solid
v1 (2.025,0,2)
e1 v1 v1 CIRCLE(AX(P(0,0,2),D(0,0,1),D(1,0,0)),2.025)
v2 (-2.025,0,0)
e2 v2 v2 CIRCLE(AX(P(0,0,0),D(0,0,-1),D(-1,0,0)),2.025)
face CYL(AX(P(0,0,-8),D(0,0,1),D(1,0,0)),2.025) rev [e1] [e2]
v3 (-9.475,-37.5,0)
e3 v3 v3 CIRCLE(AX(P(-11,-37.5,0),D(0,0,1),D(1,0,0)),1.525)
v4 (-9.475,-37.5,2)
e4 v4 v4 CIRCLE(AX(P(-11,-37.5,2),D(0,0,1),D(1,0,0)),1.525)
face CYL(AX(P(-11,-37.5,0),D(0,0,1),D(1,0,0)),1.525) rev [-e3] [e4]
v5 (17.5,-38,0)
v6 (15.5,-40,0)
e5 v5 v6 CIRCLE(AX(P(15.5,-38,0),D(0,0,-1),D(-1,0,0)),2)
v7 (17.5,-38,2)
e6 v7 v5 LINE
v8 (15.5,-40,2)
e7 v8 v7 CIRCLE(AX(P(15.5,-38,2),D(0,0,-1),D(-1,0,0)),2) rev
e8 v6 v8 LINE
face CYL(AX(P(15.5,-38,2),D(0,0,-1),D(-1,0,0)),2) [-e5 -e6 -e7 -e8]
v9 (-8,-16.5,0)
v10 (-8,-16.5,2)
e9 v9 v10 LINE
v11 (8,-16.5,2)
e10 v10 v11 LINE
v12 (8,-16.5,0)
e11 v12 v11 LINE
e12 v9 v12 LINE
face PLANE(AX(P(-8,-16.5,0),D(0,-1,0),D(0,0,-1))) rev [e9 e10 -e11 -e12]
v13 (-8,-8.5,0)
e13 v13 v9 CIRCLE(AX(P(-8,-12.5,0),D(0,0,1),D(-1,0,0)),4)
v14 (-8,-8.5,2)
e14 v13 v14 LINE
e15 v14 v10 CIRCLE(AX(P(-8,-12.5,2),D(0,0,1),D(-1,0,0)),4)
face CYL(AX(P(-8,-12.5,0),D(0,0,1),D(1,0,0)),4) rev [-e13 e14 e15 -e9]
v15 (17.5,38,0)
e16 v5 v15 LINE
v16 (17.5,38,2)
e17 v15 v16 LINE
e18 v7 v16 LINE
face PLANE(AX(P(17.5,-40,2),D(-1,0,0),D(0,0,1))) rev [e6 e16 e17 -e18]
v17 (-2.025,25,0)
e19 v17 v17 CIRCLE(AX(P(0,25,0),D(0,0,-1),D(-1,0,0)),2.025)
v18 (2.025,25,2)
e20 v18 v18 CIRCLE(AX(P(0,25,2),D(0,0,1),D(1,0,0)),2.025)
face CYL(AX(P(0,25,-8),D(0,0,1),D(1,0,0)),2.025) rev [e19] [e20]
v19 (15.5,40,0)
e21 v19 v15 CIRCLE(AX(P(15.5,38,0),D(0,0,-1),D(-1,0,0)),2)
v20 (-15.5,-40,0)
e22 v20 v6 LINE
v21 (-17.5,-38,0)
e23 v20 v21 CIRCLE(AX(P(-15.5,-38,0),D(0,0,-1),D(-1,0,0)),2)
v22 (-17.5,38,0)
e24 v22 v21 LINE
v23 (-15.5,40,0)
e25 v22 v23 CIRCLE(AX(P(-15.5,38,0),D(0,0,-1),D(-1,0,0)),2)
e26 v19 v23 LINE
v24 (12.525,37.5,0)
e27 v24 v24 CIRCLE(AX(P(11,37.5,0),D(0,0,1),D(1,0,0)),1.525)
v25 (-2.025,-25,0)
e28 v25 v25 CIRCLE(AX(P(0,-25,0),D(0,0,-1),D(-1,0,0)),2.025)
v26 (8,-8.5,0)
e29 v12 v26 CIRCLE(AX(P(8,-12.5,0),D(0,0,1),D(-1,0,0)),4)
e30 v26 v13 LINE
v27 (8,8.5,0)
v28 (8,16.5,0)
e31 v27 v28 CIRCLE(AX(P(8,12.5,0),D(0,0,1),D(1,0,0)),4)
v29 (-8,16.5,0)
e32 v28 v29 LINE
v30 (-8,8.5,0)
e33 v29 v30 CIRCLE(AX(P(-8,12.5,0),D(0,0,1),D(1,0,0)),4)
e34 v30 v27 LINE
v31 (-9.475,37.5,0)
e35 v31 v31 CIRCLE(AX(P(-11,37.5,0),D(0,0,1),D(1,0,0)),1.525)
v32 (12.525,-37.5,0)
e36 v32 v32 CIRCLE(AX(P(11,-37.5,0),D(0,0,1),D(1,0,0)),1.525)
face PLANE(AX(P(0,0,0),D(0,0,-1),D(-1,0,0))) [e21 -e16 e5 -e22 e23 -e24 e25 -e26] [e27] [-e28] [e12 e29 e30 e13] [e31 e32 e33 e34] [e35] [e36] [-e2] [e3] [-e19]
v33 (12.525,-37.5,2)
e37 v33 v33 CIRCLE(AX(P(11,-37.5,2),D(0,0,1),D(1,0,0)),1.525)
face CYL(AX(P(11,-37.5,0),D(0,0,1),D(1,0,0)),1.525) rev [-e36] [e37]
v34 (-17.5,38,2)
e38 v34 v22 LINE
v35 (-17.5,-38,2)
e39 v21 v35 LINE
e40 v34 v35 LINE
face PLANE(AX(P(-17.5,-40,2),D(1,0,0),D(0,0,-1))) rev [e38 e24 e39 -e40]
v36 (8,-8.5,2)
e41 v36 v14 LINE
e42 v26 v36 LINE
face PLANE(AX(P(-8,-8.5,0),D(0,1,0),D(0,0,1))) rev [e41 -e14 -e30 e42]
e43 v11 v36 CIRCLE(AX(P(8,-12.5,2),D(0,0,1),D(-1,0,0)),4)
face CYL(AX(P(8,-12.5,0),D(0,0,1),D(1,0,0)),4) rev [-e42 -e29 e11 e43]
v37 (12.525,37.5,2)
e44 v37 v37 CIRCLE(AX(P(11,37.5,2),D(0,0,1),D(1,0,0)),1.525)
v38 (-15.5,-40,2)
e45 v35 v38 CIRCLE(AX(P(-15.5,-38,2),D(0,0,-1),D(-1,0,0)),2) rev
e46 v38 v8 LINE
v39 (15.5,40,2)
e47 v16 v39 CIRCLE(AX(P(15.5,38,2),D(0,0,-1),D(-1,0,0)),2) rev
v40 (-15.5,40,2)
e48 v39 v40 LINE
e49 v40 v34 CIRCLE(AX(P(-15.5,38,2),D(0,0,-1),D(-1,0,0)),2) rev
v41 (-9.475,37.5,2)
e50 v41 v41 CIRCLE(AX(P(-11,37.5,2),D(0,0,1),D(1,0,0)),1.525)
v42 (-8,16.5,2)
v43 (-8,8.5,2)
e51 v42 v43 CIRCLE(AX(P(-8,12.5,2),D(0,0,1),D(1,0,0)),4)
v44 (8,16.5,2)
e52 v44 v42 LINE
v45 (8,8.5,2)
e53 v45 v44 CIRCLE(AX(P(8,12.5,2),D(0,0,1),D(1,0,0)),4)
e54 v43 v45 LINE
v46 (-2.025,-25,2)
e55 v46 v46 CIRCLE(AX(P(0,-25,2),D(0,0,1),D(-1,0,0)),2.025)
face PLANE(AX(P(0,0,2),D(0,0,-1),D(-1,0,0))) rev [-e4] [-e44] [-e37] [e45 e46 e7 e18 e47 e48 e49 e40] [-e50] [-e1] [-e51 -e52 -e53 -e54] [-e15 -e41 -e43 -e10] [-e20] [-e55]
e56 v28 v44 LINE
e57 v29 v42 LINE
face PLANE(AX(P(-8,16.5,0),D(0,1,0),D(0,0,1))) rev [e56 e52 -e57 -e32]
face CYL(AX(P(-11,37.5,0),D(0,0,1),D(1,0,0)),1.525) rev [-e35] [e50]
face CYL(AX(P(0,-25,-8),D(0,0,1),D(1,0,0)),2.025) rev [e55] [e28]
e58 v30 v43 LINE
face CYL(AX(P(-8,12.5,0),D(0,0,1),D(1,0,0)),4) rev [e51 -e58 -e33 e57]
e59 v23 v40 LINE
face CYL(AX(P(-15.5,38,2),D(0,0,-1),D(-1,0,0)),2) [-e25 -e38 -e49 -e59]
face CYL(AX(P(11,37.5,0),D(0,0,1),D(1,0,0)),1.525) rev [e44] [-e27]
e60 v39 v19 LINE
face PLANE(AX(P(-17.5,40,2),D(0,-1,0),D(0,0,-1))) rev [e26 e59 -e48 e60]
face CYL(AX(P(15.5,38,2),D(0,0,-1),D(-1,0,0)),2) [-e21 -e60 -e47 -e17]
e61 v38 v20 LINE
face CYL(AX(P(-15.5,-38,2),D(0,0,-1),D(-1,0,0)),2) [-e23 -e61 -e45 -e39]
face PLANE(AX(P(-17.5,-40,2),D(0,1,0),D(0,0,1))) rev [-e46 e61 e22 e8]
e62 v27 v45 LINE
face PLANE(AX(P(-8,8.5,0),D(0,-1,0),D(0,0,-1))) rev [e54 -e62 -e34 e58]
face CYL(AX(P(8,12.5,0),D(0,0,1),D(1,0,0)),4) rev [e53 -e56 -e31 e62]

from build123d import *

# Parameters (mm, degrees)
SKETCH_1_W               = 35
SKETCH_1_H               = 80
EXTRUDE_1_DEPTH          = 2
SKETCH_2_R               = 1.525
CUT_EXTRUDE_1_DEPTH      = 2
FILLET_1_R               = 2
SKETCH_3_R               = 2.025
CUT_EXTRUDE_2_DEPTH      = 10
CUT_EXTRUDE_3_DEPTH      = 1
CUT_EXTRUDE_3_DEPTH_BACK = 3


with BuildPart() as part:
    # 草图1 → 凸台-拉伸1 (new body)
    with BuildSketch(Plane.XY):
        Rectangle(SKETCH_1_W, SKETCH_1_H)
    extrude(amount=EXTRUDE_1_DEPTH)

    # 草图2 → 切除-拉伸1 (cut)
    with BuildSketch(Plane.XY.offset(2)):
        with Locations((11, 37.5)):
            Circle(SKETCH_2_R)
        with Locations((-11, 37.5)):
            Circle(SKETCH_2_R)
        with Locations((-11, -37.5)):
            Circle(SKETCH_2_R)
        with Locations((11, -37.5)):
            Circle(SKETCH_2_R)
    extrude(amount=-CUT_EXTRUDE_1_DEPTH, mode=Mode.SUBTRACT)

    # 圆角1
    fillet_1_edges = [part.edges().sort_by_distance(p)[0] for p in [
        (17.5, -40, 1),
        (-17.5, -40, 1),
        (-17.5, 40, 1),
        (17.5, 40, 1),
    ]]
    fillet(fillet_1_edges, radius=FILLET_1_R)

    # 草图3 → 切除-拉伸2 (cut)
    with BuildSketch(Plane.XY.offset(2)):
        with Locations((0, 25)):
            Circle(SKETCH_3_R)
        Circle(SKETCH_3_R)
        with Locations((0, -25)):
            Circle(SKETCH_3_R)
    extrude(amount=-CUT_EXTRUDE_2_DEPTH, mode=Mode.SUBTRACT)

    # 草图4 → 切除-拉伸3 (cut, two sides)
    with BuildSketch(Plane.XY.offset(2)) as cut_extrude_3_sk:
        with BuildLine():
            Line((-8, 16.5), (8, 16.5))
            ThreePointArc((8, 16.5), (12, 12.5), (8, 8.5))
            Line((8, 8.5), (-8, 8.5))
            ThreePointArc((-8, 8.5), (-12, 12.5), (-8, 16.5))
        make_face()
        with BuildLine():
            Line((-8, -16.5), (8, -16.5))
            ThreePointArc((8, -16.5), (12, -12.5), (8, -8.5))
            Line((8, -8.5), (-8, -8.5))
            ThreePointArc((-8, -8.5), (-12, -12.5), (-8, -16.5))
        make_face()
    extrude(amount=CUT_EXTRUDE_3_DEPTH, mode=Mode.SUBTRACT)
    extrude(cut_extrude_3_sk.sketch, amount=-CUT_EXTRUDE_3_DEPTH_BACK, mode=Mode.SUBTRACT)


solid = part.part
